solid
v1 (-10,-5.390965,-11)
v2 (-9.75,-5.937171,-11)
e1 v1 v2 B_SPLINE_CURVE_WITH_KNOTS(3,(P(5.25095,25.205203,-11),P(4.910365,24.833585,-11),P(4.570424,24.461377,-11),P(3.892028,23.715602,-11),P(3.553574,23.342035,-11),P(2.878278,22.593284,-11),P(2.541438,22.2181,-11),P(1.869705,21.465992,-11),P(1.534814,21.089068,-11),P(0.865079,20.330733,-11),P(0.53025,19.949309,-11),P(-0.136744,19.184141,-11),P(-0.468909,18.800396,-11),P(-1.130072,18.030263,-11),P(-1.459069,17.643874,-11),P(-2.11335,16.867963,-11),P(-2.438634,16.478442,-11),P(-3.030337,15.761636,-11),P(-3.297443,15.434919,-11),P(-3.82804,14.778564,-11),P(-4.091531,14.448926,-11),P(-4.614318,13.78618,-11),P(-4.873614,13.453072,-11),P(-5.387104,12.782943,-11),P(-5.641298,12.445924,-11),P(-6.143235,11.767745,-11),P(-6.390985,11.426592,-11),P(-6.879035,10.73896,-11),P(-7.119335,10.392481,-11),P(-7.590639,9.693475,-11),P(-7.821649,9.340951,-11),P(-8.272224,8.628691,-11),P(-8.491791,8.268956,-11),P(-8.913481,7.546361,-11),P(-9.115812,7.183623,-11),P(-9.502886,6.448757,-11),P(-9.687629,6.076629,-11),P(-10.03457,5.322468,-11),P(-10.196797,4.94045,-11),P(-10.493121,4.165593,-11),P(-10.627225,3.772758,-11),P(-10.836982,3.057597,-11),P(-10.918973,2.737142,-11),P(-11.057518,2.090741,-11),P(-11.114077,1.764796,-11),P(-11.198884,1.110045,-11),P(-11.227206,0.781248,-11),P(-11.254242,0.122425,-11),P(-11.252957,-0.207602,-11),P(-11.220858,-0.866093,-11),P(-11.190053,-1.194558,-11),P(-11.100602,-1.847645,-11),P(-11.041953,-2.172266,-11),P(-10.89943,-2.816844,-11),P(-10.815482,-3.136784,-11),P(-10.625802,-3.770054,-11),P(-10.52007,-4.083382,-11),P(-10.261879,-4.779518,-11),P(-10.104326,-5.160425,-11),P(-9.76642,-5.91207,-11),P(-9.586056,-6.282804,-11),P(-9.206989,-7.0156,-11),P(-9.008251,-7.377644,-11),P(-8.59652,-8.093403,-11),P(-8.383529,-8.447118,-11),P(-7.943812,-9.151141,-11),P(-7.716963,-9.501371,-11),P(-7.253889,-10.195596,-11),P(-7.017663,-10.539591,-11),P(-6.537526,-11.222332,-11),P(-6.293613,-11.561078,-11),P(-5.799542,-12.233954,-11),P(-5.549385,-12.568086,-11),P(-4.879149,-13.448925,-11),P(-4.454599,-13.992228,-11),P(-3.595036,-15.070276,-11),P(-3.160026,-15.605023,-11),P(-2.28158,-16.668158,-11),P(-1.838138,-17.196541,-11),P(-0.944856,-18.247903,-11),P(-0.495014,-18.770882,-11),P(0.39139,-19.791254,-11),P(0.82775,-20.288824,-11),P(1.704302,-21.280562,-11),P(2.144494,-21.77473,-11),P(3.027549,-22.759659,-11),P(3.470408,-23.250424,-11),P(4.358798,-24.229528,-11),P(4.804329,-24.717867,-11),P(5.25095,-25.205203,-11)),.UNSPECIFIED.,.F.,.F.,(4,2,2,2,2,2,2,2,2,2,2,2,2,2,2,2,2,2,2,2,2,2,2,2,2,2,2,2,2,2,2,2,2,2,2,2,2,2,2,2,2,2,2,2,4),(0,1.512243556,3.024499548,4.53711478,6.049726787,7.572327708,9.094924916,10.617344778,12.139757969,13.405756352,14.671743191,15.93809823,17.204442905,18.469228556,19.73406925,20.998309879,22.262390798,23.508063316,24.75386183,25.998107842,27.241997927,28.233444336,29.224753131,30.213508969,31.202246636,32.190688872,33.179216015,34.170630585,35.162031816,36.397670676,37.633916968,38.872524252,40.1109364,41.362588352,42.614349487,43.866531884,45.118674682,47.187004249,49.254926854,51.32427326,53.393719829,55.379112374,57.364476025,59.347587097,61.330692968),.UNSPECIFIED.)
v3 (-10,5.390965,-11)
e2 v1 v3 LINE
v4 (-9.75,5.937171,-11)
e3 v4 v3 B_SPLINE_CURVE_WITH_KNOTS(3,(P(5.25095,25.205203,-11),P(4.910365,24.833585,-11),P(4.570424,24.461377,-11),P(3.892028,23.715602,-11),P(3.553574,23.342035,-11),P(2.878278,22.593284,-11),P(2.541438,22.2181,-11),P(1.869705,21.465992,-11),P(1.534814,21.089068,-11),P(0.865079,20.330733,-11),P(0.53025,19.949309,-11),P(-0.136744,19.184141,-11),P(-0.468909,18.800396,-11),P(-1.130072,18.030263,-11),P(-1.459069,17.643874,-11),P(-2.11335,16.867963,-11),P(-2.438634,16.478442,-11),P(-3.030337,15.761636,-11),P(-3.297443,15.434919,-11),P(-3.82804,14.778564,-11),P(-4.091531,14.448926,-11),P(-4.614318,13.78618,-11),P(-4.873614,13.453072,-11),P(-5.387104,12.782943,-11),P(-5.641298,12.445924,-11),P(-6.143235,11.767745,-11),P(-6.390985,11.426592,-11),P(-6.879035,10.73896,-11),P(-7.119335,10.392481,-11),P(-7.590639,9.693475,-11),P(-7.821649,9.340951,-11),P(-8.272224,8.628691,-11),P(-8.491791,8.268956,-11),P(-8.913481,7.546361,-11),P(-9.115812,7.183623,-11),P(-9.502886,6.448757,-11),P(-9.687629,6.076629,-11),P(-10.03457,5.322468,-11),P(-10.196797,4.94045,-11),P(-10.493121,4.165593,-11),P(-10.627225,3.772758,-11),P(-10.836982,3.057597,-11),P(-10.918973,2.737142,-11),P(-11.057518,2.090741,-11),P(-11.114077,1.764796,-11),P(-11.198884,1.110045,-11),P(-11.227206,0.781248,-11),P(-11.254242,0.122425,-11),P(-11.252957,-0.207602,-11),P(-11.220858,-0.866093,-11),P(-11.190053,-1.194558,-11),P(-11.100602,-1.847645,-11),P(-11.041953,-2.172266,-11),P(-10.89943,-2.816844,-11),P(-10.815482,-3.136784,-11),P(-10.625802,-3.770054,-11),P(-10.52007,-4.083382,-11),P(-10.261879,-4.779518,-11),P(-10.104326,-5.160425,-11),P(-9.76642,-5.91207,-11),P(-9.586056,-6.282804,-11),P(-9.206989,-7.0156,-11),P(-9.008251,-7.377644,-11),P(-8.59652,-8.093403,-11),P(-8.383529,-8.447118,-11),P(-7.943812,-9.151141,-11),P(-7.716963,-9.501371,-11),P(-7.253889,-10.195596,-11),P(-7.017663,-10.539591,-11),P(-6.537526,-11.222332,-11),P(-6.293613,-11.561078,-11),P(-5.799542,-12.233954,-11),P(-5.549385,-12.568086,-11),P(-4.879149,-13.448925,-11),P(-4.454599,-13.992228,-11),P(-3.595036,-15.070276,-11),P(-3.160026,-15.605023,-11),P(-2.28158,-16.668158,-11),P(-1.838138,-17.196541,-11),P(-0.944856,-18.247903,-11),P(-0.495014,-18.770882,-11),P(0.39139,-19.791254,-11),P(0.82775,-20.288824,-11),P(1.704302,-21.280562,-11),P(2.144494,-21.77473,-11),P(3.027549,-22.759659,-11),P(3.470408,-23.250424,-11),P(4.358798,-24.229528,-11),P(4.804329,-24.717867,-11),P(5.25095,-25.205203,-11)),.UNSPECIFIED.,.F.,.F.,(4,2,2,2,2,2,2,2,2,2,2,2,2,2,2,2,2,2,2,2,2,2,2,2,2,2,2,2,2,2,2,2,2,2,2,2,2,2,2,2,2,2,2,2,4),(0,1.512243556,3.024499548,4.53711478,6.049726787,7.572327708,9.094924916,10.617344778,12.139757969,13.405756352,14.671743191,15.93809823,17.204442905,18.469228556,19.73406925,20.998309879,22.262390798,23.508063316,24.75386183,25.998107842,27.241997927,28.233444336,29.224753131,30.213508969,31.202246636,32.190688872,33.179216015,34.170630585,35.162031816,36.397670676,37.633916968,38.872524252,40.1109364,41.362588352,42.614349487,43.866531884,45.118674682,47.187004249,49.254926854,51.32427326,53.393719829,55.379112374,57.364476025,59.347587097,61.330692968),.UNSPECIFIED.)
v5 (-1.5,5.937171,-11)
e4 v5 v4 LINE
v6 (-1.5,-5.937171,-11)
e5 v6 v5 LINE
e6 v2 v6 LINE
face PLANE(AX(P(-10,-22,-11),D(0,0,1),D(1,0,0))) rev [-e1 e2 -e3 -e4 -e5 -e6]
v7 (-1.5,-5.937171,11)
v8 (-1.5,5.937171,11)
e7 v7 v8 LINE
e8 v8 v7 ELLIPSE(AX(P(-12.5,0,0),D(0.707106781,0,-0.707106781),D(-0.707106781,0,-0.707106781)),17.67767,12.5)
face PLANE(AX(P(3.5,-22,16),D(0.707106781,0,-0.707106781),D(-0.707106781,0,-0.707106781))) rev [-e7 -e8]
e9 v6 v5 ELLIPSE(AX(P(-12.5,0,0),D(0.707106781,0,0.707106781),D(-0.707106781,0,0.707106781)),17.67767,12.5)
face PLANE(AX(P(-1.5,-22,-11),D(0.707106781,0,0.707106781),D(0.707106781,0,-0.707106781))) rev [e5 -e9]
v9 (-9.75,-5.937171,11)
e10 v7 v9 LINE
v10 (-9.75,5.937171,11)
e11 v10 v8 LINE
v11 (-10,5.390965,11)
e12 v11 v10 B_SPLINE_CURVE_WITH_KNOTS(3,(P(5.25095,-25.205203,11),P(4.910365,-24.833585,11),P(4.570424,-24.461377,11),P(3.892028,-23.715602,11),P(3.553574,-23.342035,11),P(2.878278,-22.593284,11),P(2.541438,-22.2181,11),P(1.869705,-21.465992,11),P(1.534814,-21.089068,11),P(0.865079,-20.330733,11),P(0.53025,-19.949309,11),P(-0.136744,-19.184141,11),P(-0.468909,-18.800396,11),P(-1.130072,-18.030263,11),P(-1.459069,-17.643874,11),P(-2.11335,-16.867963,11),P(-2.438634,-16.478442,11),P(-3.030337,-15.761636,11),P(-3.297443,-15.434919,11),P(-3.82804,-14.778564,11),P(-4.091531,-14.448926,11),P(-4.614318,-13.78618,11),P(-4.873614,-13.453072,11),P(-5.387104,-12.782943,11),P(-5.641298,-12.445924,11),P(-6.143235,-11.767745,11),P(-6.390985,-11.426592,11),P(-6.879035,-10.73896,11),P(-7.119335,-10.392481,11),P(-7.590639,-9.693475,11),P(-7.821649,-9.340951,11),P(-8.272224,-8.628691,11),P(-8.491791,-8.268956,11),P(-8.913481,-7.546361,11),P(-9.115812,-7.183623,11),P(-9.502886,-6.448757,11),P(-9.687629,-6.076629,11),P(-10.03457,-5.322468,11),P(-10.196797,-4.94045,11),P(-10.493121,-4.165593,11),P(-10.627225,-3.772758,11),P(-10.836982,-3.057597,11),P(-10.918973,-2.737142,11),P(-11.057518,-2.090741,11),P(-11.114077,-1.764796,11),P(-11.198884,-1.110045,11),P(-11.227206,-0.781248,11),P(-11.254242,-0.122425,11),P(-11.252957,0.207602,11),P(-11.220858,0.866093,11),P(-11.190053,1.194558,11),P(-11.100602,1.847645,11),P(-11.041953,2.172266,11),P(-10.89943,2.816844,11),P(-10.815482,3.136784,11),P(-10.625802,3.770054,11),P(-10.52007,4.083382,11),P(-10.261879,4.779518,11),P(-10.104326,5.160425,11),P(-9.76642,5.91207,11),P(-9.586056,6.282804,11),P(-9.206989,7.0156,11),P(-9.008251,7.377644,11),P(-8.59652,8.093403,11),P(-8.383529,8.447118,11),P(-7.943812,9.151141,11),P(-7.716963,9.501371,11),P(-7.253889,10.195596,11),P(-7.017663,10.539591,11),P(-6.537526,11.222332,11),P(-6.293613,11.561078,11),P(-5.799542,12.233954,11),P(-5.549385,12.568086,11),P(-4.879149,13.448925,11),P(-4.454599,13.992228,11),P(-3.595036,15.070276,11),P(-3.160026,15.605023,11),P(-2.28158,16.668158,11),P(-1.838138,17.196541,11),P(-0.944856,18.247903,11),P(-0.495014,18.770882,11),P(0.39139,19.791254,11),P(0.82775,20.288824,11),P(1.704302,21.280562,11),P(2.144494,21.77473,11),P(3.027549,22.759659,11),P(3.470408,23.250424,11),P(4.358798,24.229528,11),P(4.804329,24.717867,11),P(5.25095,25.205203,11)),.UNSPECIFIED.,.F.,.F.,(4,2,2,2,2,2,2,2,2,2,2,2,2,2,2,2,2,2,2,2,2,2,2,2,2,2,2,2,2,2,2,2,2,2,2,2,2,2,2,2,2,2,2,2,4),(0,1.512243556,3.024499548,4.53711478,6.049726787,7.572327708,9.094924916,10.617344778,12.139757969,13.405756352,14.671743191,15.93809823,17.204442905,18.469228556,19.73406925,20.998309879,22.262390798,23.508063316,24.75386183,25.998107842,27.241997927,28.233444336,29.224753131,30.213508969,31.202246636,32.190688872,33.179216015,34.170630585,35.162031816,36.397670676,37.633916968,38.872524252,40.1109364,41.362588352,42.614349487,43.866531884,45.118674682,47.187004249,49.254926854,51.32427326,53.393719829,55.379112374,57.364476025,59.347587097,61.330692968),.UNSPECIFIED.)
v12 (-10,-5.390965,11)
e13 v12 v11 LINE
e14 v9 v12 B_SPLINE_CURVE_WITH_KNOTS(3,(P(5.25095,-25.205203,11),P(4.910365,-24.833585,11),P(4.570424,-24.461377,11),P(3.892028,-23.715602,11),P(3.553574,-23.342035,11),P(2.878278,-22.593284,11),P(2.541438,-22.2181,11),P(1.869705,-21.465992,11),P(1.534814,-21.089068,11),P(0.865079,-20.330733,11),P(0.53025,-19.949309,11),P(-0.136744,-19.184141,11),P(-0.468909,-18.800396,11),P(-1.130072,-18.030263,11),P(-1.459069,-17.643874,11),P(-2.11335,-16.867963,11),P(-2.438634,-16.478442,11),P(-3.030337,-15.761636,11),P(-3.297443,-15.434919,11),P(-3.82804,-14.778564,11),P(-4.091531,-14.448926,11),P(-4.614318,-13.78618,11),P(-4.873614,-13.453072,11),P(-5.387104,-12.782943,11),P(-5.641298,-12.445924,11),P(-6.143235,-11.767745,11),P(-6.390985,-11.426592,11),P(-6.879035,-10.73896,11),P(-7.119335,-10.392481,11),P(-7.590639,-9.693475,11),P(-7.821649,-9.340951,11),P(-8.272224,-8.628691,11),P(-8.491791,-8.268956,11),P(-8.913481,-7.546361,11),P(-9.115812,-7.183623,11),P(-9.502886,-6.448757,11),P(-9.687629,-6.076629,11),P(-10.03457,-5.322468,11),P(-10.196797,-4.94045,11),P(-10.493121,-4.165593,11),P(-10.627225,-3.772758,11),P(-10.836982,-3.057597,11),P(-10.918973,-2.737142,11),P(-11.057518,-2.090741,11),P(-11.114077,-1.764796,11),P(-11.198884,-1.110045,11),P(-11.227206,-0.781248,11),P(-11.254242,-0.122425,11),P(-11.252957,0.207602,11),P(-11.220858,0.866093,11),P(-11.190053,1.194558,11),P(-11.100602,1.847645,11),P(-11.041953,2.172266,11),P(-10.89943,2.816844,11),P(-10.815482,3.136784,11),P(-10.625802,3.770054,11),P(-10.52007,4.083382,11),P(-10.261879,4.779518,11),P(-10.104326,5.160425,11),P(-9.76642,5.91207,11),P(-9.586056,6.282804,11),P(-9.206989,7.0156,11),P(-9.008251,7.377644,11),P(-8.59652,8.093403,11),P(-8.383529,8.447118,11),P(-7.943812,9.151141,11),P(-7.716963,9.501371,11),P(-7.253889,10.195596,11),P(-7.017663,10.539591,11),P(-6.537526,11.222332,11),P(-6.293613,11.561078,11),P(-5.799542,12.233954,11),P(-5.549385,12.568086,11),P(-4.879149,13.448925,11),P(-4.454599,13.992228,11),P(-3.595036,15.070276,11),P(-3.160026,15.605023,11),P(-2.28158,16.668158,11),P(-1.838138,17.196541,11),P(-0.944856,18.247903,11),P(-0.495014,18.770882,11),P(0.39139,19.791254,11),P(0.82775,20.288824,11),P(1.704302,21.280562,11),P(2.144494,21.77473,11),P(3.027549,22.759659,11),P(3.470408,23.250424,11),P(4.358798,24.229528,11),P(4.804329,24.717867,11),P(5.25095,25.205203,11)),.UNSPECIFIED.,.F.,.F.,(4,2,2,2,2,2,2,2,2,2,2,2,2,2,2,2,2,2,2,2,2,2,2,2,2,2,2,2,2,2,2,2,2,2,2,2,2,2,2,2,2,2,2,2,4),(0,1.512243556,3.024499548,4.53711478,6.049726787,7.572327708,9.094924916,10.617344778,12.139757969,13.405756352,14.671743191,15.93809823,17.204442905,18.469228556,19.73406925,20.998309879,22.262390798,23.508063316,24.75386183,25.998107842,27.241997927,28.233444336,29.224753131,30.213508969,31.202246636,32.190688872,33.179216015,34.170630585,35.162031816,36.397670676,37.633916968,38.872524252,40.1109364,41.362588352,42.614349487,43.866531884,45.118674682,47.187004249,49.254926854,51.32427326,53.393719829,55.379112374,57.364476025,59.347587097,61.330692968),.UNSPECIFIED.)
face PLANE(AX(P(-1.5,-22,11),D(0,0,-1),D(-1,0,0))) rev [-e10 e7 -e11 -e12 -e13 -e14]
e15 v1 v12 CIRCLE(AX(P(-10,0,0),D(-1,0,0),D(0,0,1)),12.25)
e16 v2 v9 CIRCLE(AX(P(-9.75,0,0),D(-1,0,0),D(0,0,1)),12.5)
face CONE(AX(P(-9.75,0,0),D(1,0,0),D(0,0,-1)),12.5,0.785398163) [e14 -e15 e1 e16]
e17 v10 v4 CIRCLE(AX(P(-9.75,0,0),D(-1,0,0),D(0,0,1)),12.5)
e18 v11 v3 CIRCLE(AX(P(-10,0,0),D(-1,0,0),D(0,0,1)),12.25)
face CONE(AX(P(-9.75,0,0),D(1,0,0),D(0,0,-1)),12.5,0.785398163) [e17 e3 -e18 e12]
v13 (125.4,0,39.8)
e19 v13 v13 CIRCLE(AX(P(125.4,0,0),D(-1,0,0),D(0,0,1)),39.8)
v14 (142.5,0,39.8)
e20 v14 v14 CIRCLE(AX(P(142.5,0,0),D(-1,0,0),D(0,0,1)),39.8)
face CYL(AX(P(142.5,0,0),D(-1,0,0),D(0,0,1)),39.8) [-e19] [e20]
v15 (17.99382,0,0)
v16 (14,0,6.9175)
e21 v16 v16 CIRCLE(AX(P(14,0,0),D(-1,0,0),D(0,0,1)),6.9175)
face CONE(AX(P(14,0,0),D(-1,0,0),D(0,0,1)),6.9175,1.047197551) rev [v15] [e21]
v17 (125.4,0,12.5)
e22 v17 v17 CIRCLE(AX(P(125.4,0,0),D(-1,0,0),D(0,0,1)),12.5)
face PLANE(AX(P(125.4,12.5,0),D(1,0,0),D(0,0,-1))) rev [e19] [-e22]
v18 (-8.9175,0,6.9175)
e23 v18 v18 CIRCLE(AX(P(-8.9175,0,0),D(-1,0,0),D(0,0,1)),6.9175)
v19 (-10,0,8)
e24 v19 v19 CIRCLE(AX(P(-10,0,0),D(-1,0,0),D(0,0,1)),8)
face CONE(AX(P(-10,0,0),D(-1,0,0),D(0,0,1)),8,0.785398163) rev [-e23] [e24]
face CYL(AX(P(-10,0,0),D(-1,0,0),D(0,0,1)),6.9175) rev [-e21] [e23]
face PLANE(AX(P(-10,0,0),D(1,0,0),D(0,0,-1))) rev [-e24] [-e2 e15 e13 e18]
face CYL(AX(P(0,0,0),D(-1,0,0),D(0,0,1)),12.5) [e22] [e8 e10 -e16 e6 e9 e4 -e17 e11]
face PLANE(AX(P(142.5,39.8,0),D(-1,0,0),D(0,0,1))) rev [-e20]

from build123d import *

# Parameters (mm, degrees)
CUT_EXTRUDE_1_DEPTH       = 22
CUT_EXTRUDE_1_DEPTH_BACK  = 22
HOLE_WIZARD_1_D           = 13.835
HOLE_WIZARD_1_DEPTH       = 24
HOLE_WIZARD_1_CSINK_D     = 16
HOLE_WIZARD_1_CSINK_ANGLE = 90
HOLE_WIZARD_1_TIP         = 3.993820487


with BuildPart() as part:
    # 草图1 → 旋转1 (revolve)
    with BuildSketch(Plane.XY):
        Polygon((-10, 0), (-10, 12.25), (-9.75, 12.5), (0, 12.5), (0, 0), align=None)
    revolve(axis=Axis((0, 0, 0), (-1, 0, 0)))

    # 草图2 → 旋转2 (revolve)
    with BuildSketch(Plane.XY):
        Polygon((0, 0), (0, 12.5), (125.4, 12.5), (125.4, 39.8), (142.5, 39.8), (142.5, 0), align=None)
    revolve(axis=Axis((142.5, 0, 0), (-1, 0, 0)))

    # 草图3 → 切除-拉伸1 (cut, two sides: drawn at the far end of the back side and taken through both)
    with BuildSketch(Plane(origin=(0, 0, 0), x_dir=(1, 0, 0), z_dir=(0, 1, 0)).offset(-CUT_EXTRUDE_1_DEPTH_BACK)):
        Polygon((-20, -16), (3.5, -16), (-1.5, -11), (-10, -11), (-10, 11), (-1.5, 11), (3.5, 16), (-20, 16), align=None)
    extrude(amount=CUT_EXTRUDE_1_DEPTH + CUT_EXTRUDE_1_DEPTH_BACK, mode=Mode.SUBTRACT)

    # 孔1
    with Locations(Plane.ZY.offset(10)):
        with Locations((0, 0)):
            CounterSinkHole(HOLE_WIZARD_1_D / 2, HOLE_WIZARD_1_CSINK_D / 2, depth=HOLE_WIZARD_1_DEPTH, counter_sink_angle=HOLE_WIZARD_1_CSINK_ANGLE)
            with Locations((0, 0, -(HOLE_WIZARD_1_DEPTH + HOLE_WIZARD_1_TIP / 2))):  # 120° drill point
                Cone(0, HOLE_WIZARD_1_D / 2, HOLE_WIZARD_1_TIP, mode=Mode.SUBTRACT)


solid = part.part
